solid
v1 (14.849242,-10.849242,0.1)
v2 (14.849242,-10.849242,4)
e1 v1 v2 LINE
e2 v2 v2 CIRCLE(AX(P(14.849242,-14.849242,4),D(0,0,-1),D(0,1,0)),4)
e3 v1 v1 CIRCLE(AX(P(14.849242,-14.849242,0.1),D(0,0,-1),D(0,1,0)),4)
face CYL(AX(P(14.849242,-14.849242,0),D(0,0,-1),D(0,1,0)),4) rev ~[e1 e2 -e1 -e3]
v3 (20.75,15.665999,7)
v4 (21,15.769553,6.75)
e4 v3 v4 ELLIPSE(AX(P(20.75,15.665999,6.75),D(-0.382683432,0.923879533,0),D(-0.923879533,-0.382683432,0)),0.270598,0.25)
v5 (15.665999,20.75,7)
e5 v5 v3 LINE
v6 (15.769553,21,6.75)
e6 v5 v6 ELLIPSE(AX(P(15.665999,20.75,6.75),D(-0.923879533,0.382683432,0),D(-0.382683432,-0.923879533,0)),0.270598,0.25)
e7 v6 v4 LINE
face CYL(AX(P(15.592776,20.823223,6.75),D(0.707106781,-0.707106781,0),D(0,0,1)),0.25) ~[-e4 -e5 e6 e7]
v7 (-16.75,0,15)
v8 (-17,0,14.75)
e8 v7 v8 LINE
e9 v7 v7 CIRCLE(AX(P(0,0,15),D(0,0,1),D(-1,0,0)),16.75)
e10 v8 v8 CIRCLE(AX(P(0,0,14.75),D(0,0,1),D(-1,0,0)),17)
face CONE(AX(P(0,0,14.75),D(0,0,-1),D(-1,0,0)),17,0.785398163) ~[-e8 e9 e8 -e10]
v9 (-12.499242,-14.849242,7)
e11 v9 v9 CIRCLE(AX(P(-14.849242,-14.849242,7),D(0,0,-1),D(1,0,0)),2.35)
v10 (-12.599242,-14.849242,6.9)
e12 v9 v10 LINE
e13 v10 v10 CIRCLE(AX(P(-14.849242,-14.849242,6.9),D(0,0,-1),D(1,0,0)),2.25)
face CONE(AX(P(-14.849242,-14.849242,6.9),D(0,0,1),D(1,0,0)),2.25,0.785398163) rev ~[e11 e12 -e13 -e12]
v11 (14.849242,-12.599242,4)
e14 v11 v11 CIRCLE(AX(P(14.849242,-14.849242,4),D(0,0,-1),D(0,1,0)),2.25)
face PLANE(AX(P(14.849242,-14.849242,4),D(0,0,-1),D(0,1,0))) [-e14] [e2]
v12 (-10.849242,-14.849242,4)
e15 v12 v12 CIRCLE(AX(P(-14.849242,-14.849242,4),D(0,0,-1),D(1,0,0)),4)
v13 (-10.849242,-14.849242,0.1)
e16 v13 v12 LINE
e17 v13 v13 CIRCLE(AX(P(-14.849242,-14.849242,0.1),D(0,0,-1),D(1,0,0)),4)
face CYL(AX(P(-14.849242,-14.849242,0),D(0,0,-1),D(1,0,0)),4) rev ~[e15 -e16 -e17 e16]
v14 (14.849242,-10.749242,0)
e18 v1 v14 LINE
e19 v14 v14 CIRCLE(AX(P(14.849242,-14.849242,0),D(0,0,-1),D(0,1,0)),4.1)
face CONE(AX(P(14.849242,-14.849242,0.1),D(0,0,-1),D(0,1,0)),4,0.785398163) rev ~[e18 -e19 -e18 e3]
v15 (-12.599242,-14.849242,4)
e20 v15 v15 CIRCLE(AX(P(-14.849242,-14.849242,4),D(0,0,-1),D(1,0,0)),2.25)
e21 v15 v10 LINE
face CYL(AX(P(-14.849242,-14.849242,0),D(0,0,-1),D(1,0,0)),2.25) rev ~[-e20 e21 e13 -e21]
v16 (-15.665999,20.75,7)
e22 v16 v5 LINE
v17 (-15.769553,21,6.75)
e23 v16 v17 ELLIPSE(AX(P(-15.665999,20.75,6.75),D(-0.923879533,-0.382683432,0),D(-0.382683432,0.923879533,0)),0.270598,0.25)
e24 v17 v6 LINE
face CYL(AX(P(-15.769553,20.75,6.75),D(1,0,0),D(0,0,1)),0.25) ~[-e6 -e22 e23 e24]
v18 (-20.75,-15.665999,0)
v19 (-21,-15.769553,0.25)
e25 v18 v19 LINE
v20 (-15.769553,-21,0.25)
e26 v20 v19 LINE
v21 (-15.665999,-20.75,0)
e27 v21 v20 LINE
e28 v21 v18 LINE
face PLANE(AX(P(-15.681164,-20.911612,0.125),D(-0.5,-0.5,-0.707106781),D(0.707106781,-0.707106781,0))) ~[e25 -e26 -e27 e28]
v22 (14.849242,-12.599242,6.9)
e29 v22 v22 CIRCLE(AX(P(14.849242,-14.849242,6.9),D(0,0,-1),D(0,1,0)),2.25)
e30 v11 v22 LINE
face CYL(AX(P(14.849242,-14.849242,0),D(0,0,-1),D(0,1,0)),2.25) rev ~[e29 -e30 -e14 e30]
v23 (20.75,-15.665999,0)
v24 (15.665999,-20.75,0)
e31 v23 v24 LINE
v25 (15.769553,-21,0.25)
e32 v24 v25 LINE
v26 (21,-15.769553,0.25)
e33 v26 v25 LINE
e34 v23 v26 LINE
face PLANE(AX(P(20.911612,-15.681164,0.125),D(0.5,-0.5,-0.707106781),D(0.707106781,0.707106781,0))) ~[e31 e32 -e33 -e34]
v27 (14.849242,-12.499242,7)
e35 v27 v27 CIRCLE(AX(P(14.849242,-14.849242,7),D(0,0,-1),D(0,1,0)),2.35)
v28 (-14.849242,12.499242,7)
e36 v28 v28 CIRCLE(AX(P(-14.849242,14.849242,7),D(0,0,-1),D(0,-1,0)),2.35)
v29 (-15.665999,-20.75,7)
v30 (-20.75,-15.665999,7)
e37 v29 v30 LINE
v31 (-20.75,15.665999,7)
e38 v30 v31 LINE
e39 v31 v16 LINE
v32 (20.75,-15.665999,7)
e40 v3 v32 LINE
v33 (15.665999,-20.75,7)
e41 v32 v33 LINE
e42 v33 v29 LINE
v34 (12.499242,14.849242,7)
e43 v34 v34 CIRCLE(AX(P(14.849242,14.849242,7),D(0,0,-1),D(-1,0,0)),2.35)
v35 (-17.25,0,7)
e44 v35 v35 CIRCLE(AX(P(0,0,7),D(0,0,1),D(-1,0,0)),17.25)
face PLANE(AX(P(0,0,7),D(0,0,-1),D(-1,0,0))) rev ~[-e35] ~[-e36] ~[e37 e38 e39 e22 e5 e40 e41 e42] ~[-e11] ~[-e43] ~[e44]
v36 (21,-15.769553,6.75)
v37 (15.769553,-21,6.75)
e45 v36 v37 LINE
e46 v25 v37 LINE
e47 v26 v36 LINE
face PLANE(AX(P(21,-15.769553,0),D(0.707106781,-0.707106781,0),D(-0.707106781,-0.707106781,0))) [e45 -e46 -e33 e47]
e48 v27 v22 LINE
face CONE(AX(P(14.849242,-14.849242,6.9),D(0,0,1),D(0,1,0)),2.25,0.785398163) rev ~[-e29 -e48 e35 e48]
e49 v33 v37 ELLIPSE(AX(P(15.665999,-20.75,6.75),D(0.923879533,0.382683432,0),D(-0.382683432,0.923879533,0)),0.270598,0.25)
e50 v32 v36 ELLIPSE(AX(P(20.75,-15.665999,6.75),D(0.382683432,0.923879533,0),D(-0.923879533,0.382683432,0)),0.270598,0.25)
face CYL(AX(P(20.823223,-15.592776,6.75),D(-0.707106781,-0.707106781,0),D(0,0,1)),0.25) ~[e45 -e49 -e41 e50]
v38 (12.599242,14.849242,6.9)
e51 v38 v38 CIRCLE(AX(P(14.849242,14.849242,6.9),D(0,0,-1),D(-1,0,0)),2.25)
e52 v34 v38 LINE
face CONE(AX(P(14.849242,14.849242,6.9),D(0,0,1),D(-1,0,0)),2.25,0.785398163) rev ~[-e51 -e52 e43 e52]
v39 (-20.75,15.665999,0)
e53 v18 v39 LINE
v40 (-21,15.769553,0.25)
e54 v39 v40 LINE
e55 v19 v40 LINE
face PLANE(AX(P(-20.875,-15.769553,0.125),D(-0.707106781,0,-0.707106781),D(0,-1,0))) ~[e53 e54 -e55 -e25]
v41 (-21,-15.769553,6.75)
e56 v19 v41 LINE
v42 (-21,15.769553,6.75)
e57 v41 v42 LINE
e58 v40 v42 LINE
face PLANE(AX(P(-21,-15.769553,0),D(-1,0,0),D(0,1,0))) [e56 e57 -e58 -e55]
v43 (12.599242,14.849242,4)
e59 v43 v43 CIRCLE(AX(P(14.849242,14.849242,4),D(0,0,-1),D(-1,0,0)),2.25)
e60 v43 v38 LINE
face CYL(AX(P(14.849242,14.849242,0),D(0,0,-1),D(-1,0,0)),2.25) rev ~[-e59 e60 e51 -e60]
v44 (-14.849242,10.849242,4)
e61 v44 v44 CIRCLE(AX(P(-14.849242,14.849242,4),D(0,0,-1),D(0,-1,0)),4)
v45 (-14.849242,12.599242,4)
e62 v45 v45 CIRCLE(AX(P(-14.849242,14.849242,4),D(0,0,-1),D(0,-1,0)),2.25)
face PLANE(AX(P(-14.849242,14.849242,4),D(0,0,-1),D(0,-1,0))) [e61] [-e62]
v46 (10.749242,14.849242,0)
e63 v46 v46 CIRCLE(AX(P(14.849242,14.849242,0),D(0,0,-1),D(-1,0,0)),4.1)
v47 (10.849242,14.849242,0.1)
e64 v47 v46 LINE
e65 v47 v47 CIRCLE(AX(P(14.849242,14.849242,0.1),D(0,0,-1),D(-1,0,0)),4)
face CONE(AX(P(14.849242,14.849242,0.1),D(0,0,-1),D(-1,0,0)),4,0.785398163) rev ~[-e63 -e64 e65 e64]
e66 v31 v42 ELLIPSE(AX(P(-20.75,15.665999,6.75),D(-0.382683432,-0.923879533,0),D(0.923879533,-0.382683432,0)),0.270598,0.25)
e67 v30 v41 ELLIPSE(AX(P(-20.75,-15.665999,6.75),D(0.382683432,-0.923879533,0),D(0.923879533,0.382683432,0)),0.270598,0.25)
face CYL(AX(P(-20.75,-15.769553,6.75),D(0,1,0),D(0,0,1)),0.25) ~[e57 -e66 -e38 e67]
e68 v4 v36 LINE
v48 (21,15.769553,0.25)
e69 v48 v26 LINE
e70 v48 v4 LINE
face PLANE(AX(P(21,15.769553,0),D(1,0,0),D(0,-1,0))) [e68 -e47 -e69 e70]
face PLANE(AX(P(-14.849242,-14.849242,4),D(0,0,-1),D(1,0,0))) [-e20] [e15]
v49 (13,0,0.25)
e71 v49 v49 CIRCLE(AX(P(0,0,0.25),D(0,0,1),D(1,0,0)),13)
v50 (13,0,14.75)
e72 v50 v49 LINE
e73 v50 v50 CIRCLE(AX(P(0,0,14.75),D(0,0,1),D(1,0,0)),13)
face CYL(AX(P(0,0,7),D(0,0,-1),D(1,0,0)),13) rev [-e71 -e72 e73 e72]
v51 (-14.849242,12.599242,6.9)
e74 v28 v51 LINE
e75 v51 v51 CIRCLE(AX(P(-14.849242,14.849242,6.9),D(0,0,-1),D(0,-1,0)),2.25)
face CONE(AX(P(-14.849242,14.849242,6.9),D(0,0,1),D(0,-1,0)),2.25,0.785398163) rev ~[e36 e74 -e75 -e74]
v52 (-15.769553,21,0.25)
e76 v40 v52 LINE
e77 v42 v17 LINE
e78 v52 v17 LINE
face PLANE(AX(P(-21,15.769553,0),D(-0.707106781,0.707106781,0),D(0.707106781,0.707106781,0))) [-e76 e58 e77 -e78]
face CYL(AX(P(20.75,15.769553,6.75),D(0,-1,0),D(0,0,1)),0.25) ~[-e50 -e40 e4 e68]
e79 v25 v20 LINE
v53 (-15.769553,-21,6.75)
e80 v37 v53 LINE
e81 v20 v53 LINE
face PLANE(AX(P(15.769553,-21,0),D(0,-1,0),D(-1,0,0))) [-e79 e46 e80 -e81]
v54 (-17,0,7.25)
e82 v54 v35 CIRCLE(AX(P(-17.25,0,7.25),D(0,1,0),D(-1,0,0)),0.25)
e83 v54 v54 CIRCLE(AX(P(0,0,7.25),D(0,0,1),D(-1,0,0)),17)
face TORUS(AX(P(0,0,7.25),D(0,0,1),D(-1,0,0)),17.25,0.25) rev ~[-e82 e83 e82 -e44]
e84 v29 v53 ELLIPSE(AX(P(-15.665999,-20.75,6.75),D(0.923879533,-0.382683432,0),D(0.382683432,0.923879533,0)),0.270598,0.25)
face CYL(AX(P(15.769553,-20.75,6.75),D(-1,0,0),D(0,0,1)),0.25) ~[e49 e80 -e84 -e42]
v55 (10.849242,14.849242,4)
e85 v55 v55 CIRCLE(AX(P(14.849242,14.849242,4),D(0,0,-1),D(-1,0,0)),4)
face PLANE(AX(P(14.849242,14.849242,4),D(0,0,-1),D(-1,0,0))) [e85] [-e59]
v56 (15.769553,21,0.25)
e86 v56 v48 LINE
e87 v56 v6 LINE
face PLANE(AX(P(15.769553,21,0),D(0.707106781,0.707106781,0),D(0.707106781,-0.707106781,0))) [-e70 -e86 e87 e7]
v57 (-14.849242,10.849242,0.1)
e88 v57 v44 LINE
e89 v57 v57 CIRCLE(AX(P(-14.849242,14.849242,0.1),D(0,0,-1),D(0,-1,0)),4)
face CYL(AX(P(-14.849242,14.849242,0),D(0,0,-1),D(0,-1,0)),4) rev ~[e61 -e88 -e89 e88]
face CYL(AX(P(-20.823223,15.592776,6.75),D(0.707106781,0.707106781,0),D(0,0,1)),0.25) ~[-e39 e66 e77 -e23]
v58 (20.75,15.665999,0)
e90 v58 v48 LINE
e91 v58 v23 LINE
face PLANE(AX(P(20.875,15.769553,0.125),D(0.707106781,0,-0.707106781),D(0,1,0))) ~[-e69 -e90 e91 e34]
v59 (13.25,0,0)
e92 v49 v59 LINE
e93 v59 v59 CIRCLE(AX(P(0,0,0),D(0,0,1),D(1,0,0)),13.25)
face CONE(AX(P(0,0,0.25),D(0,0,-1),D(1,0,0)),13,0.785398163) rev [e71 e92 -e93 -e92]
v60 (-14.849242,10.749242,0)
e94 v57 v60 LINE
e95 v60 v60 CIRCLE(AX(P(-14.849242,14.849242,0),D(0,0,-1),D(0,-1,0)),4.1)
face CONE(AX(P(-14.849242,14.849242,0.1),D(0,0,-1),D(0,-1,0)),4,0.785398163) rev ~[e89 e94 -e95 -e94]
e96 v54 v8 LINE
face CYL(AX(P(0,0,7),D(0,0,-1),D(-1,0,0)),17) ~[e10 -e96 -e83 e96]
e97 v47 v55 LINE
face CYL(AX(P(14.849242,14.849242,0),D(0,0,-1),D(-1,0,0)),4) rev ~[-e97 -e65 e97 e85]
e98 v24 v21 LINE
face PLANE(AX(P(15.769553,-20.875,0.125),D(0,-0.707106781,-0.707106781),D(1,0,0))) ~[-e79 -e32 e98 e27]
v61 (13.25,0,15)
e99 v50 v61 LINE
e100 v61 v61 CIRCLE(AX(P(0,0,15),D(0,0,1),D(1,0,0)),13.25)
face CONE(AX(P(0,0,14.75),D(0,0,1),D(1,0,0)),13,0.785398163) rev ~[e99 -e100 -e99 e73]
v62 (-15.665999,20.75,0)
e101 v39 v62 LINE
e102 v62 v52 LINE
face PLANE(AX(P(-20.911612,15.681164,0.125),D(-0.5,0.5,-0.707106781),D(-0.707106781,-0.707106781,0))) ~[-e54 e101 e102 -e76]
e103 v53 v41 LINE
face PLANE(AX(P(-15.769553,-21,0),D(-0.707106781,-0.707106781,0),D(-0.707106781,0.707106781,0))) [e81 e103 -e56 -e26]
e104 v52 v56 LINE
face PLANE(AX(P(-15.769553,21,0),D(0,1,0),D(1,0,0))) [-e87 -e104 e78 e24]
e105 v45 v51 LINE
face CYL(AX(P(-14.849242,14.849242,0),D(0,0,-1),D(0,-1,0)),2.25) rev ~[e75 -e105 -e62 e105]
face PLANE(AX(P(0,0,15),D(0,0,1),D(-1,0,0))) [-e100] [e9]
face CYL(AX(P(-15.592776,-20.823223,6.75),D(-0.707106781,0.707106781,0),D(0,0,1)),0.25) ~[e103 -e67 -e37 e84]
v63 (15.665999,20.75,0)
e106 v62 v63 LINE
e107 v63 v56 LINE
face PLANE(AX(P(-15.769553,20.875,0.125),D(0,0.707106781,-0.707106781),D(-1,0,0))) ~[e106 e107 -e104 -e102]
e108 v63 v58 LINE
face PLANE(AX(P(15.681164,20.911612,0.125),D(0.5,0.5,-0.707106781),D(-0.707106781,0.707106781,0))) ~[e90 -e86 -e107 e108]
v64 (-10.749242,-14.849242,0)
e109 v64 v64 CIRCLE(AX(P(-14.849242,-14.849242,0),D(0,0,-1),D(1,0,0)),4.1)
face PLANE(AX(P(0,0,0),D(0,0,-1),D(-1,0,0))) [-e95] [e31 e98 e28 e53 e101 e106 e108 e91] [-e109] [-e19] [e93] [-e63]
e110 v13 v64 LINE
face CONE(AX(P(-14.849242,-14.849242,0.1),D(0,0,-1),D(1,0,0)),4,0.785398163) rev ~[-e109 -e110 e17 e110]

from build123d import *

# Parameters (mm, degrees)
SCHIZZO1_R                   = 13
ESTRUSIONE_ESTRUSIONE1_DEPTH = 7
SCHIZZO2_R                   = 17
SCHIZZO2_R_2                 = 13
ESTRUSIONE_ESTRUSIONE2_DEPTH = 8
SMUSSO1_SIZE                 = 0.25
SMUSSO2_SIZE                 = 0.25
RACCORDO1_R                  = 0.25
RACCORDO2_R                  = 0.25
SCHIZZO3_R                   = 2.25
TAGLIO_ESTRUSIONE1_DEPTH     = 34.271609519
SCHIZZO4_R                   = 4
TAGLIO_ESTRUSIONE2_DEPTH     = 4
RIPETIZIONECIRCOLARE1_COUNT  = 4
SMUSSO3_SIZE                 = 0.1


with BuildPart() as part:
    # Schizzo1 → Estrusione-Estrusione1 (new body)
    with BuildSketch(Plane.XY):
        Polygon((-21, 15.769552622), (-15.769552622, 21), (15.769552622, 21), (21, 15.769552622), (21, -15.769552622), (15.769552622, -21), (-15.769552622, -21), (-21, -15.769552622), align=None)
        Circle(SCHIZZO1_R, mode=Mode.SUBTRACT)
    extrude(amount=ESTRUSIONE_ESTRUSIONE1_DEPTH)

    # Schizzo2 → Estrusione-Estrusione2 (add)
    with BuildSketch(Plane.XY.offset(7)):
        Circle(SCHIZZO2_R)
        Circle(SCHIZZO2_R_2, mode=Mode.SUBTRACT)
    extrude(amount=ESTRUSIONE_ESTRUSIONE2_DEPTH)

    # Smusso1
    smusso1_edges = [part.edges().sort_by_distance(p)[0] for p in [
        (-13, 0, 0),
        (0, 21, 0),
        (-18.384776311, 18.384776311, 0),
        (-21, 0, 0),
        (-18.384776311, -18.384776311, 0),
        (0, -21, 0),
        (18.384776311, -18.384776311, 0),
        (21, 0, 0),
        (18.384776311, 18.384776311, 0),
    ]]
    chamfer(smusso1_edges, length=SMUSSO1_SIZE)

    # Smusso2
    smusso2_edges = [part.edges().sort_by_distance(p)[0] for p in [
        (-13, 0, 15),
        (-17, 0, 15),
    ]]
    chamfer(smusso2_edges, length=SMUSSO2_SIZE)

    # Raccordo1
    raccordo1_edges = [part.edges().sort_by_distance(p)[0] for p in [
        (-17, 0, 7),
    ]]
    fillet(raccordo1_edges, radius=RACCORDO1_R)

    # Raccordo2
    raccordo2_edges = [part.edges().sort_by_distance(p)[0] for p in [
        (21, 0, 7),
        (18.384776311, -18.384776311, 7),
        (0, -21, 7),
        (-18.384776311, -18.384776311, 7),
        (-21, 0, 7),
        (-18.384776311, 18.384776311, 7),
        (0, 21, 7),
        (18.384776311, 18.384776311, 7),
    ]]
    fillet(raccordo2_edges, radius=RACCORDO2_R)

    # Schizzo3 → Taglio-Estrusione1 (cut, through all)
    with BuildSketch(Plane(origin=(0, 0, 0), x_dir=(-1, 0, 0), z_dir=(0, 0, -1))):
        with Locations((-14.849242405, 14.849242405)):
            Circle(SCHIZZO3_R)
    taglio_estrusione1 = extrude(amount=-TAGLIO_ESTRUSIONE1_DEPTH, mode=Mode.SUBTRACT)

    # Schizzo4 → Taglio-Estrusione2 (cut)
    with BuildSketch(Plane(origin=(0, 0, 0), x_dir=(-1, 0, 0), z_dir=(0, 0, -1))):
        with Locations((-14.849242405, 14.849242405)):
            Circle(SCHIZZO4_R)
    taglio_estrusione2 = extrude(amount=-TAGLIO_ESTRUSIONE2_DEPTH, mode=Mode.SUBTRACT)

    # RipetizioneCircolare1: Taglio-Estrusione1, Taglio-Estrusione2 ×4 about axis
    ripetizionecircolare1_axis = Axis((0, 0, 80.585678907), (0, 0, -1))
    add([taglio_estrusione1.rotate(ripetizionecircolare1_axis, i * 360 / RIPETIZIONECIRCOLARE1_COUNT) for i in range(1, RIPETIZIONECIRCOLARE1_COUNT)], mode=Mode.SUBTRACT)
    add([taglio_estrusione2.rotate(ripetizionecircolare1_axis, i * 360 / RIPETIZIONECIRCOLARE1_COUNT) for i in range(1, RIPETIZIONECIRCOLARE1_COUNT)], mode=Mode.SUBTRACT)

    # Smusso3
    smusso3_edges = [part.edges().sort_by_distance(p)[0] for p in [
        (14.849242405, -17.099242405, 7),
        (-17.099242405, -14.849242405, 7),
        (-14.849242405, 17.099242405, 7),
        (17.099242405, 14.849242405, 7),
        (18.849242405, 14.849242405, 0),
        (-14.849242405, 18.849242405, 0),
        (-18.849242405, -14.849242405, 0),
        (14.849242405, -18.849242405, 0),
    ]]
    chamfer(smusso3_edges, length=SMUSSO3_SIZE)


solid = part.part
